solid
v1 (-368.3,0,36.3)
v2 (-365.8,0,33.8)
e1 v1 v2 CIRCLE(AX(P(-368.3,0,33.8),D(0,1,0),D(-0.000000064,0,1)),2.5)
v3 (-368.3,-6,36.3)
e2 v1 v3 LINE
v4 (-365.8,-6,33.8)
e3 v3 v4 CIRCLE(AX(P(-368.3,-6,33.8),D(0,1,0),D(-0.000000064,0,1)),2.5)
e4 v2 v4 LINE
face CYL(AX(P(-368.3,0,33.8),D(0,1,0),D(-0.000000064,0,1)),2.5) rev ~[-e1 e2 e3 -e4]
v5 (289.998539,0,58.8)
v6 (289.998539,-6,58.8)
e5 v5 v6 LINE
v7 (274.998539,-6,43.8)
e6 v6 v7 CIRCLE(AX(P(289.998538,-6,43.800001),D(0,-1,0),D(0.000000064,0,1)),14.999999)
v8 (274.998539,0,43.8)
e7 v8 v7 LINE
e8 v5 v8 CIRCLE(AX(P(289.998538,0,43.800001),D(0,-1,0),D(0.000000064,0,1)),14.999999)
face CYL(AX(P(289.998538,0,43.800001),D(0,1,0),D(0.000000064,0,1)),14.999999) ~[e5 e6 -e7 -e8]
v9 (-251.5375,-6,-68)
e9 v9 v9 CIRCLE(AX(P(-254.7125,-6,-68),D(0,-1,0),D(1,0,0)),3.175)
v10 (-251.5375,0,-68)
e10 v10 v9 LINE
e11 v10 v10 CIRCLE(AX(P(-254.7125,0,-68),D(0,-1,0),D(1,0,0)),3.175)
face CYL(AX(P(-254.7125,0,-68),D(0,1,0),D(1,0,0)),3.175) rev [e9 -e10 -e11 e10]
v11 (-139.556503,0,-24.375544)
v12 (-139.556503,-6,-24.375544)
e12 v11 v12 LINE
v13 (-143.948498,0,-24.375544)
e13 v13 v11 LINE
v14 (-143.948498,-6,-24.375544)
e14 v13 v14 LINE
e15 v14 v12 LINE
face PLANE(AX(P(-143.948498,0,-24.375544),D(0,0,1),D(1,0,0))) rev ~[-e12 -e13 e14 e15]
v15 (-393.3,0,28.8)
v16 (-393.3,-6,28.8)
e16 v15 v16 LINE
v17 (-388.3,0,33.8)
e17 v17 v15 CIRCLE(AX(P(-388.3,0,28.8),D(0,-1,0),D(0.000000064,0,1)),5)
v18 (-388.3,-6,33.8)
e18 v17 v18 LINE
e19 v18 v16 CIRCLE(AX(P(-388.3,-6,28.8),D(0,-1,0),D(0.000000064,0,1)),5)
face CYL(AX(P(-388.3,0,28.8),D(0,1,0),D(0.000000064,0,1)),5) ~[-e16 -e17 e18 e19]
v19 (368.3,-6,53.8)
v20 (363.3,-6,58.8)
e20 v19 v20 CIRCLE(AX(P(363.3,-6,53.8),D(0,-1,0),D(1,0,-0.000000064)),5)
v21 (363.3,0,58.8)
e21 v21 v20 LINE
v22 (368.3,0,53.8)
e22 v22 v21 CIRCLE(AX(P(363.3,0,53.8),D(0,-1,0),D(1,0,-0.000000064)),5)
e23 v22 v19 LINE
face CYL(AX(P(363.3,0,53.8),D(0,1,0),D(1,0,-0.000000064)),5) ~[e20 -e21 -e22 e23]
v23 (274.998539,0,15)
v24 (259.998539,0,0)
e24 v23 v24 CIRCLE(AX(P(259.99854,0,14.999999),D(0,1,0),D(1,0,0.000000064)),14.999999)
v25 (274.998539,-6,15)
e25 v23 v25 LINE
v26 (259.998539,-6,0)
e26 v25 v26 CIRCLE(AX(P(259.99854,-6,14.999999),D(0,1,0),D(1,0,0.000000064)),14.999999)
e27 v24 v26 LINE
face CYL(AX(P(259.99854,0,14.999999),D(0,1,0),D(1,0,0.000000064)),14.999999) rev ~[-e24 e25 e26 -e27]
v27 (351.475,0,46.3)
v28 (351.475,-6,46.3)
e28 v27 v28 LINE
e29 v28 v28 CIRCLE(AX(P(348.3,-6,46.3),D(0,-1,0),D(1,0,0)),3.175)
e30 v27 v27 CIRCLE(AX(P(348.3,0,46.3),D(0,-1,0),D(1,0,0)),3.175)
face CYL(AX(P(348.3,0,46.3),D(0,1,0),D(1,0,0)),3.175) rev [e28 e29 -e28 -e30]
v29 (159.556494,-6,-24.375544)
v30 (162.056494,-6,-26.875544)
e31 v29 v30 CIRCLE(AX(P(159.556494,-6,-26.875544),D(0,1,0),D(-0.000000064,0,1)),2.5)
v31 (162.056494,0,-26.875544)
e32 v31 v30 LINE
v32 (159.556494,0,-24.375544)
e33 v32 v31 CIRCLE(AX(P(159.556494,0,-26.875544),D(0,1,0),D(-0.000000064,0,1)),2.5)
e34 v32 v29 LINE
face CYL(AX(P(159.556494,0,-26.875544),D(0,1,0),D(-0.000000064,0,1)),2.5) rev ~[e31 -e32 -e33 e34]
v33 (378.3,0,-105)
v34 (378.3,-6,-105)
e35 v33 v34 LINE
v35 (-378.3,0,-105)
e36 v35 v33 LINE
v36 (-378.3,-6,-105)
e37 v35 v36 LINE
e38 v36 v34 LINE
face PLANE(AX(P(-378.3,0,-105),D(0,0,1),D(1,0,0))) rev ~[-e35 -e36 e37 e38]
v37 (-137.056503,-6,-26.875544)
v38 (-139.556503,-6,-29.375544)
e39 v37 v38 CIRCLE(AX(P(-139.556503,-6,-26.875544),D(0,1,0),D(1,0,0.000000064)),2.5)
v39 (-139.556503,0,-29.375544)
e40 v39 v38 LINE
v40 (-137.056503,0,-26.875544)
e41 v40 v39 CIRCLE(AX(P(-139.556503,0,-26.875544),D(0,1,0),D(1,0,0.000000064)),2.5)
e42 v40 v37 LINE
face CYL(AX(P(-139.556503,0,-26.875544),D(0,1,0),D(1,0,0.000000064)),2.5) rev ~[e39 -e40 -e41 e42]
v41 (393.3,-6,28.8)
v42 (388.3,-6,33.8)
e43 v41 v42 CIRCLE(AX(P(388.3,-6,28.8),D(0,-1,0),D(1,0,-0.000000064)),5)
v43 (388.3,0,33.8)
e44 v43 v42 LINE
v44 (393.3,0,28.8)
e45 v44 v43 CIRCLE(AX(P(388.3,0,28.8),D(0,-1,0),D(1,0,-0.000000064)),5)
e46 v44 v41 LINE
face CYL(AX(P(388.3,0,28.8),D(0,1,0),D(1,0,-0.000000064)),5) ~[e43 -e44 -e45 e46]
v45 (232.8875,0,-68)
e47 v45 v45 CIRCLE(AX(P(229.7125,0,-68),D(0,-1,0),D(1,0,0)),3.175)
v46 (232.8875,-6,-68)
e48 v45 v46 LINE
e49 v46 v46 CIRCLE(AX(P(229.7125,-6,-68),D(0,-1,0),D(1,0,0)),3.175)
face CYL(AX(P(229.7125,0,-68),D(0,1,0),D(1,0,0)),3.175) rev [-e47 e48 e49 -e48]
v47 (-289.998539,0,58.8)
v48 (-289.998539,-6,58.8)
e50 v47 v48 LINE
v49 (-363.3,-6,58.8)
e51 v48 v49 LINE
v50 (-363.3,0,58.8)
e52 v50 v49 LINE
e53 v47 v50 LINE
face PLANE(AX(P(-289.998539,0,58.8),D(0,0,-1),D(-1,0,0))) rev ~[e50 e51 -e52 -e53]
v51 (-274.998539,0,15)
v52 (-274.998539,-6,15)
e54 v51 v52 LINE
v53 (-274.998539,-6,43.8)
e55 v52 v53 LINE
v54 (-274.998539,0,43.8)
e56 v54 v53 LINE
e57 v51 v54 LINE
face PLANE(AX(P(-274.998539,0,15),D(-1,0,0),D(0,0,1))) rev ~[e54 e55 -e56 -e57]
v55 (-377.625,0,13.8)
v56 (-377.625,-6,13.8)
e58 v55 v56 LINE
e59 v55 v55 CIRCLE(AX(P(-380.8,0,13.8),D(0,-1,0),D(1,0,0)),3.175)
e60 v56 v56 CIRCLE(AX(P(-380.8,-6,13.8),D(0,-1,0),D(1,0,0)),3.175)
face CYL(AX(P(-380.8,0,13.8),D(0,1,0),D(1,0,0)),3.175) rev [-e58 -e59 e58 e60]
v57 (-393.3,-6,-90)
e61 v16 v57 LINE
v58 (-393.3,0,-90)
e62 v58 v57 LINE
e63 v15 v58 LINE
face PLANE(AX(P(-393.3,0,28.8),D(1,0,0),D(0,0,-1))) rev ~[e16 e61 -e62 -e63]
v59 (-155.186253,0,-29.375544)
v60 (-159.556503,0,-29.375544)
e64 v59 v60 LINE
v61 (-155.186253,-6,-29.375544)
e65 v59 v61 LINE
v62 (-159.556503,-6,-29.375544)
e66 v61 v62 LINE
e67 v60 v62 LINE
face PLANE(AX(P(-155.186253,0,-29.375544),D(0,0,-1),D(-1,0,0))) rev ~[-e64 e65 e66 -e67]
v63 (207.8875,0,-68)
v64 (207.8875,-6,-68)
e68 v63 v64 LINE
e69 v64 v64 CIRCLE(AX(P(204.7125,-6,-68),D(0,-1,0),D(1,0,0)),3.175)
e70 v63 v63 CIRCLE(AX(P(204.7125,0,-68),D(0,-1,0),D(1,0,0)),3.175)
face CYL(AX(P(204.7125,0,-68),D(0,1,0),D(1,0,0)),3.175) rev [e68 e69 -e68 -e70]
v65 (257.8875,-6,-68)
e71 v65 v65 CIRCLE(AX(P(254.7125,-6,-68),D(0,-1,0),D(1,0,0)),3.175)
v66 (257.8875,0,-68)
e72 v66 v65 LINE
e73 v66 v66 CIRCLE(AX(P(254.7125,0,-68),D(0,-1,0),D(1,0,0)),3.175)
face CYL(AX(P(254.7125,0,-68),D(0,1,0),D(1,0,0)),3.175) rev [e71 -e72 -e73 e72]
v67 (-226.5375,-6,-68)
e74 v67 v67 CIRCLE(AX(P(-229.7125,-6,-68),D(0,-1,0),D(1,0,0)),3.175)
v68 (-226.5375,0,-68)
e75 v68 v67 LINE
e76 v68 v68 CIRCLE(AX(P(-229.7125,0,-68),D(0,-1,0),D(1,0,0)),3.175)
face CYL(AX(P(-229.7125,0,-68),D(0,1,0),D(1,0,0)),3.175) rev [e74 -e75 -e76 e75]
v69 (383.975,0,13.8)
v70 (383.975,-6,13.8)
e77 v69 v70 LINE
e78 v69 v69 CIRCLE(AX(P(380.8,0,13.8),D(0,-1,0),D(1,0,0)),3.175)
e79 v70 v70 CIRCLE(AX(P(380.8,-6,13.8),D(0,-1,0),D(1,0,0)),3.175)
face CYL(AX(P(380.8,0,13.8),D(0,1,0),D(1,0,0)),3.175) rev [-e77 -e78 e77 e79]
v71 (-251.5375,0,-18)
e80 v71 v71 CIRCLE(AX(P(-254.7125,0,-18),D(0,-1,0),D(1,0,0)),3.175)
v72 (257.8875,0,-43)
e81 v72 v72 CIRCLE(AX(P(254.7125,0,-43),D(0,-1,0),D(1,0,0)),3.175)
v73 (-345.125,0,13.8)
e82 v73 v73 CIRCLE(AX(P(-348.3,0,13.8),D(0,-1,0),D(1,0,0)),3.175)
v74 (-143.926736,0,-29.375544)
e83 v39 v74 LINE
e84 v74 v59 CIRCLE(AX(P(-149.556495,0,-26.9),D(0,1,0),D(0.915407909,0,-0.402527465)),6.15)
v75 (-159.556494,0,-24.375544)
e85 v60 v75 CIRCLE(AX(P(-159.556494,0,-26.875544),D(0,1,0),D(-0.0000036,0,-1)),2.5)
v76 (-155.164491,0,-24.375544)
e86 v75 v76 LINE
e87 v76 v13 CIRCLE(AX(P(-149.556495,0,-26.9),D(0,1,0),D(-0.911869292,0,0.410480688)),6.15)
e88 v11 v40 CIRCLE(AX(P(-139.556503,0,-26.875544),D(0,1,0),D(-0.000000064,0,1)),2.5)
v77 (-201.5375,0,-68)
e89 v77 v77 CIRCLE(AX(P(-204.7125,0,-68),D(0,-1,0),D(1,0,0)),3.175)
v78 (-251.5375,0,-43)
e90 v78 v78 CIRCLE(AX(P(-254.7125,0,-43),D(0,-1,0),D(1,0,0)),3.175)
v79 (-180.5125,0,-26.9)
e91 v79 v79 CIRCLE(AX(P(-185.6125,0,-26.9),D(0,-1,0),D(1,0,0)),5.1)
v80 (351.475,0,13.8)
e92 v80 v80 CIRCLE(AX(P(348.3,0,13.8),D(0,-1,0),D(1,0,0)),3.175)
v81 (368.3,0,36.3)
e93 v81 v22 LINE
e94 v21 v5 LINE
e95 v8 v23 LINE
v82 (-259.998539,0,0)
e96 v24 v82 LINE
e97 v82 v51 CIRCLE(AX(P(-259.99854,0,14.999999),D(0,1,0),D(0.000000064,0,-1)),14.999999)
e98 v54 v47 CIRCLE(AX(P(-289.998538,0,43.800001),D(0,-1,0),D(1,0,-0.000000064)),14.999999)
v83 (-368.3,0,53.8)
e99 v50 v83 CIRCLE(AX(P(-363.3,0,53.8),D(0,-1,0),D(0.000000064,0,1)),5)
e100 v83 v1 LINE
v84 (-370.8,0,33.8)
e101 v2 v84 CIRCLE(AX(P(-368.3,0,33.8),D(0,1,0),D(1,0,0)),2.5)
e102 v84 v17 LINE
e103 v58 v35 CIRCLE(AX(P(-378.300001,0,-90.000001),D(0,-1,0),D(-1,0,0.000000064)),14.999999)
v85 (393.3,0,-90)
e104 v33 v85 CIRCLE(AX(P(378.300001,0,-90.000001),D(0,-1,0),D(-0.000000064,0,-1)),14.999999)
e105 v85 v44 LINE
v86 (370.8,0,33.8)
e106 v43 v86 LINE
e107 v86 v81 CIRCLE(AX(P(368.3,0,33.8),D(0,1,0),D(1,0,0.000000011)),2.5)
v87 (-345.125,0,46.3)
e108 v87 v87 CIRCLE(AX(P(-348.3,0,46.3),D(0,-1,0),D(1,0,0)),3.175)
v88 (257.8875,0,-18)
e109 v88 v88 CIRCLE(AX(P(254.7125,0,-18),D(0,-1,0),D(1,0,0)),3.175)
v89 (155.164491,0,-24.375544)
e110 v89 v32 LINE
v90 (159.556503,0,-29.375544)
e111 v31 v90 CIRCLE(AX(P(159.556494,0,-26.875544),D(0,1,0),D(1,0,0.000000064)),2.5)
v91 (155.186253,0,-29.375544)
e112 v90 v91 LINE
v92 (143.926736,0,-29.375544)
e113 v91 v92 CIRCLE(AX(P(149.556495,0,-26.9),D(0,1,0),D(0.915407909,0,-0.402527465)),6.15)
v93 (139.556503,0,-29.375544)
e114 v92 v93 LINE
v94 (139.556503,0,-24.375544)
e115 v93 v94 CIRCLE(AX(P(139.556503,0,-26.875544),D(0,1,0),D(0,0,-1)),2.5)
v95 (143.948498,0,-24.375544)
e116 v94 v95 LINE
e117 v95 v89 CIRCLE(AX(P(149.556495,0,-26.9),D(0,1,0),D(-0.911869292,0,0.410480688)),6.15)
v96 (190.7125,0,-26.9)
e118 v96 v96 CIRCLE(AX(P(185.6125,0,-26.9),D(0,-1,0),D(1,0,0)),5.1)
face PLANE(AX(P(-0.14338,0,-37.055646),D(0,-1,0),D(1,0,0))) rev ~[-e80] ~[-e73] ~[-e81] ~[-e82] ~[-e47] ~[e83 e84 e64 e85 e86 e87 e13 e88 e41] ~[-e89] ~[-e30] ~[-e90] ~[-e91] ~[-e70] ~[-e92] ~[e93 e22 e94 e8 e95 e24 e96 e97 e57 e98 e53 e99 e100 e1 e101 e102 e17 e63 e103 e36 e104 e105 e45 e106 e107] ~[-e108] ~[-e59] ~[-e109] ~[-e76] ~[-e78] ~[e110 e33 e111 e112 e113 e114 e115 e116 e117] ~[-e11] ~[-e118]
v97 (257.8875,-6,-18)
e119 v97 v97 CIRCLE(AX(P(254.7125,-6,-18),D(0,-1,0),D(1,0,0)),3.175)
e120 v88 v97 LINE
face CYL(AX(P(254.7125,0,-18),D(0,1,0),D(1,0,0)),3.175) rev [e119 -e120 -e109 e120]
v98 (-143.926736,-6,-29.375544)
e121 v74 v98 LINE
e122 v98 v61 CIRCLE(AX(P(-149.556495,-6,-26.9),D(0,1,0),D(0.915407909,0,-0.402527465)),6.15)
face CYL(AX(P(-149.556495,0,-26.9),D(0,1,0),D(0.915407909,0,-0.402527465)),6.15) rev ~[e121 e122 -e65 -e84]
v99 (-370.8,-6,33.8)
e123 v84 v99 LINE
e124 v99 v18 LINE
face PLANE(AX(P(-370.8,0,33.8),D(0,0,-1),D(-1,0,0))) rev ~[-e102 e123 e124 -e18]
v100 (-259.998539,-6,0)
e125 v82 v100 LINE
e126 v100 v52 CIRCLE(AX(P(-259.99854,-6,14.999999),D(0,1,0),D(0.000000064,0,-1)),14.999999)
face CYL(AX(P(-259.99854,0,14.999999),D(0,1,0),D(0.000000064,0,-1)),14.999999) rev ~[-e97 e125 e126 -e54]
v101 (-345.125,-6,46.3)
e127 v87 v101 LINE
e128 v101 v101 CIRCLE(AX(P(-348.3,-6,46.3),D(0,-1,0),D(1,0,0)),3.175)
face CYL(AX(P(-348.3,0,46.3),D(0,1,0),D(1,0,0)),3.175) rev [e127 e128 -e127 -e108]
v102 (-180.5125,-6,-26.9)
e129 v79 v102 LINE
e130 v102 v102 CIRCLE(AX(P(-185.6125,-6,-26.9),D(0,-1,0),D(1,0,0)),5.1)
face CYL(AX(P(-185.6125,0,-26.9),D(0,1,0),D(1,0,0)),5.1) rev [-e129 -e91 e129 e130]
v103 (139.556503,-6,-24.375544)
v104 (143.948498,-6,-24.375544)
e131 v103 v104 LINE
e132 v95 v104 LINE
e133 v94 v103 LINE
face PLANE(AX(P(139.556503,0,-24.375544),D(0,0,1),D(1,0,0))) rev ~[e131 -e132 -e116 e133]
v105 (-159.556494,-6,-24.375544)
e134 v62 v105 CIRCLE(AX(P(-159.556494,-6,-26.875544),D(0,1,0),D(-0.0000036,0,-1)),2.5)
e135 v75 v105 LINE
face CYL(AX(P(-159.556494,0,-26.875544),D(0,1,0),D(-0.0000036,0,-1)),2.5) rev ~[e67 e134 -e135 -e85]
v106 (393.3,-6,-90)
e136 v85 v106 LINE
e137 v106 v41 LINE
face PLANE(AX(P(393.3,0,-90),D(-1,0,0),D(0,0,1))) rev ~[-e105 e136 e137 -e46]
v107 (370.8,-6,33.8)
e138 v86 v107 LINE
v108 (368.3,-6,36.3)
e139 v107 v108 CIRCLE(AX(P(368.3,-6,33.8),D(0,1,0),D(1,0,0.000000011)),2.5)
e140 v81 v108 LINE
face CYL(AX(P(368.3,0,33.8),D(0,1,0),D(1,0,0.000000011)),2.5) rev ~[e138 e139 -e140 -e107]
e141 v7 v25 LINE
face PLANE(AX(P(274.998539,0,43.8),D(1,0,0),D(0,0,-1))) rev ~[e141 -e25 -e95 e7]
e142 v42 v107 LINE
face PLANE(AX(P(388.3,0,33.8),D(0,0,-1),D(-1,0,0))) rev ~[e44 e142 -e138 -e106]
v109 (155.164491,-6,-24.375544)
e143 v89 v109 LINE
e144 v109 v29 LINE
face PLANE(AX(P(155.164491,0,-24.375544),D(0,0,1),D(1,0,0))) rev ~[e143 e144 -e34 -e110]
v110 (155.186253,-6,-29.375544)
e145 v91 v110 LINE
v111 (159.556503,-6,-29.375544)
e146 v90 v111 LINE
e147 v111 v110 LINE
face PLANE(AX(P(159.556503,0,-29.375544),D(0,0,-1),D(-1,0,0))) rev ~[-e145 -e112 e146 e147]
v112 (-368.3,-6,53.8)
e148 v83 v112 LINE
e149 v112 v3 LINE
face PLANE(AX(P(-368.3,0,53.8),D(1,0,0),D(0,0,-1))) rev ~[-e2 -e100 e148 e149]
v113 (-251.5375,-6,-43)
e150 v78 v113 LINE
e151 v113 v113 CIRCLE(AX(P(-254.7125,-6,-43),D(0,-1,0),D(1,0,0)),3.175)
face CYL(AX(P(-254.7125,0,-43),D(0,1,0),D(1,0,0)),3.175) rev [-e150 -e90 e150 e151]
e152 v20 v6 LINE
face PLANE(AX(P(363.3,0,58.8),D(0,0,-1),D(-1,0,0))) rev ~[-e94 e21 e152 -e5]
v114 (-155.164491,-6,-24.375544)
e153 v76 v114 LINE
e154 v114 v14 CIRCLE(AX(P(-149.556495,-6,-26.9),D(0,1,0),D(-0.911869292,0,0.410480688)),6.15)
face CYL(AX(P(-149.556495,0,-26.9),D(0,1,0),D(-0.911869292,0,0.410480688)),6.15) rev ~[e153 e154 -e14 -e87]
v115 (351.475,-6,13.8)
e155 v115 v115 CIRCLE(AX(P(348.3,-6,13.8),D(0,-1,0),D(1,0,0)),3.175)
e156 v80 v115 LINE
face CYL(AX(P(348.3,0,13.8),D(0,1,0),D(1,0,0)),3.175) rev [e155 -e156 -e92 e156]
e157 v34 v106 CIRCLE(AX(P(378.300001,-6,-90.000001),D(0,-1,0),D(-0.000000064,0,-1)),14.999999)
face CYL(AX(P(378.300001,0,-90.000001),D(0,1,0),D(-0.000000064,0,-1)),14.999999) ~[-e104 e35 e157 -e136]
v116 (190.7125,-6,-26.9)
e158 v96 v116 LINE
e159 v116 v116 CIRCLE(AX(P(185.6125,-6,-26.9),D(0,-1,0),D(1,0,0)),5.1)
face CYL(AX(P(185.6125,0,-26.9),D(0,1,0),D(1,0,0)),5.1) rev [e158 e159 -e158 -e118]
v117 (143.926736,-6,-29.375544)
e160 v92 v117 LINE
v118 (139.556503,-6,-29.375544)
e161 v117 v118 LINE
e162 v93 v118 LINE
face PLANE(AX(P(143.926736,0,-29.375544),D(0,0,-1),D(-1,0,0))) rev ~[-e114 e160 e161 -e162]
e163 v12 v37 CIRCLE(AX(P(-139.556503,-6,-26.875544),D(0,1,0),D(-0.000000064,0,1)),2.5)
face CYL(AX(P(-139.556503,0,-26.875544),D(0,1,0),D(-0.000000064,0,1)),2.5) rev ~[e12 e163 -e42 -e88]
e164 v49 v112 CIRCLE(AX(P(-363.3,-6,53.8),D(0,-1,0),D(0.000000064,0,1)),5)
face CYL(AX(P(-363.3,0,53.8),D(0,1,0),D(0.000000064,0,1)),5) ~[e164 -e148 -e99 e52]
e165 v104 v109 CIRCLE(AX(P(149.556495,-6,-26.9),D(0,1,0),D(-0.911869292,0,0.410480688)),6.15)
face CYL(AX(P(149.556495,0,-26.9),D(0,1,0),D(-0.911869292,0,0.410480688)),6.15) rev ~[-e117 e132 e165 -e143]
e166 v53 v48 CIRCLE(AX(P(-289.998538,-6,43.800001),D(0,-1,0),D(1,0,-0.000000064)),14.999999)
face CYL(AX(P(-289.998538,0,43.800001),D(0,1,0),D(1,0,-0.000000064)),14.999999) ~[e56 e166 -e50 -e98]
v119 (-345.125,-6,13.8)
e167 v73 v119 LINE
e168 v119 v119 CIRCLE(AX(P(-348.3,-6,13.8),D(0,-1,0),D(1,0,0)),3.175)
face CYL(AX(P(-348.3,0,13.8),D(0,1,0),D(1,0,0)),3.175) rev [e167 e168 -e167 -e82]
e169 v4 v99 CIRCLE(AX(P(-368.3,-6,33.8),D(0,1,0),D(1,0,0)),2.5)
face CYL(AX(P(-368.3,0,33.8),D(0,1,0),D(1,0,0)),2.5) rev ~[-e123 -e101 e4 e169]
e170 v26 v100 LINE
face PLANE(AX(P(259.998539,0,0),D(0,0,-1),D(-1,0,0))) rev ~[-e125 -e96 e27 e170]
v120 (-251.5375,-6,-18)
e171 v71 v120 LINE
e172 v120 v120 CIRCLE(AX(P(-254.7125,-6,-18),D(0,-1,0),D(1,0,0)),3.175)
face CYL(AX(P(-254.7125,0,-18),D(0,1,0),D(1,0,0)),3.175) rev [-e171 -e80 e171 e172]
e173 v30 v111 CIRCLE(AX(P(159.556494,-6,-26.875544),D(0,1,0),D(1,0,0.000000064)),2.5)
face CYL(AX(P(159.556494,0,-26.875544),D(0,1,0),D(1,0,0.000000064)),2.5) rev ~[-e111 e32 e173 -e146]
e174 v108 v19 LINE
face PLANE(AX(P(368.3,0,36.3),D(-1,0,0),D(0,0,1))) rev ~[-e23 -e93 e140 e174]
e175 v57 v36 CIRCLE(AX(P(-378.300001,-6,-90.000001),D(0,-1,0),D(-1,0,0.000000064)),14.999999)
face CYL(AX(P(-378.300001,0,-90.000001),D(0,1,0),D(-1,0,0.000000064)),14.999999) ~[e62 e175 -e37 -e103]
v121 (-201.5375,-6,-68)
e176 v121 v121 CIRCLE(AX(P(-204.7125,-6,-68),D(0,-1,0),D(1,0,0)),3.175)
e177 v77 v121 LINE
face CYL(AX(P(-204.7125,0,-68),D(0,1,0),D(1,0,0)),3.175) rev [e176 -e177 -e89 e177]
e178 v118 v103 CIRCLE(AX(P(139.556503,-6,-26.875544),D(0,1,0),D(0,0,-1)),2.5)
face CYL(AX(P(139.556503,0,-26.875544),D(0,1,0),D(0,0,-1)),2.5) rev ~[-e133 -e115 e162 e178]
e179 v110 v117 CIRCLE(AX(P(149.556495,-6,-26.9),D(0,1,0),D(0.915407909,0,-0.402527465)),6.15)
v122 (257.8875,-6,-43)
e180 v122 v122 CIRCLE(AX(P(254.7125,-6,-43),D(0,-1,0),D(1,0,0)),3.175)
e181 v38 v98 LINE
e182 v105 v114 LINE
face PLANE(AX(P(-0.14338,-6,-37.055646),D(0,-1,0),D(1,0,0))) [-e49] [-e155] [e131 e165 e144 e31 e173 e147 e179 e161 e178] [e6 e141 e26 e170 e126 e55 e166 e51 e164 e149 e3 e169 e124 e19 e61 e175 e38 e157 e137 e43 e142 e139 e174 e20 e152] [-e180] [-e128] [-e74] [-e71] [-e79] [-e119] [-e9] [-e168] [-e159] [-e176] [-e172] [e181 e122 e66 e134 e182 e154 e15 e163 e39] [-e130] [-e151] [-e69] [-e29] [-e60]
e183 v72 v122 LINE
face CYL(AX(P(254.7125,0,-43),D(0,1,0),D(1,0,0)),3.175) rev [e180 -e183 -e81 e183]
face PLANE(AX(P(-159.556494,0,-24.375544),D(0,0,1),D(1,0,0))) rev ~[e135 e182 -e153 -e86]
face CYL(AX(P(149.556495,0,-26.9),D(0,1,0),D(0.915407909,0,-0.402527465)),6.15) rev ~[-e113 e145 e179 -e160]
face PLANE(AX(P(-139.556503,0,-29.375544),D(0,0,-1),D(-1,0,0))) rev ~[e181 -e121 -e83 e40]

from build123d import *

# Parameters (mm, degrees)
F0_R     = 3.175
F0_R_2   = 5.1
F1_DEPTH = 6


with BuildPart() as f1:
    # F0 (on Front) → F1 (new body)
    with BuildSketch(Plane.XZ):
        with BuildLine():
            Line((368.3, 36.3), (368.3, 53.8))
            ThreePointArc((368.3, 53.8), (366.835534, 57.335534), (363.3, 58.8))
            Line((363.3, 58.8), (289.998539, 58.8))
            ThreePointArc((289.998539, 58.8), (279.391937, 54.406602), (274.998539, 43.8))
            Line((274.998539, 43.8), (274.998539, 15))
            ThreePointArc((274.998539, 15), (270.605141, 4.393398), (259.998539, 0))
            Line((259.998539, 0), (0, 0))
            Line((0, 0), (-259.998539, 0))
            ThreePointArc((-259.998539, 0), (-270.605141, 4.393398), (-274.998539, 15))
            Line((-274.998539, 15), (-274.998539, 43.8))
            ThreePointArc((-274.998539, 43.8), (-279.391937, 54.406602), (-289.998539, 58.8))
            Line((-289.998539, 58.8), (-363.3, 58.8))
            ThreePointArc((-363.3, 58.8), (-366.835534, 57.335534), (-368.3, 53.8))
            Line((-368.3, 53.8), (-368.3, 36.3))
            ThreePointArc((-368.3, 36.3), (-366.532233, 35.567767), (-365.8, 33.8))
            ThreePointArc((-365.8, 33.8), (-368.3, 31.3), (-370.8, 33.8))
            Line((-370.8, 33.8), (-388.3, 33.8))
            ThreePointArc((-388.3, 33.8), (-391.835534, 32.335534), (-393.3, 28.8))
            Line((-393.3, 28.8), (-393.3, -90))
            ThreePointArc((-393.3, -90), (-388.906602, -100.606602), (-378.3, -105))
            Line((-378.3, -105), (0, -105))
            Line((0, -105), (378.3, -105))
            ThreePointArc((378.3, -105), (388.906602, -100.606602), (393.3, -90))
            Line((393.3, -90), (393.3, 28.8))
            ThreePointArc((393.3, 28.8), (391.835534, 32.335534), (388.3, 33.8))
            Line((388.3, 33.8), (370.8, 33.8))
            ThreePointArc((370.8, 33.8), (366.532233, 32.032233), (368.3, 36.3))
        make_face()
        with Locations((-254.7125, -68)):
            Circle(F0_R, mode=Mode.SUBTRACT)
        with Locations((-229.7125, -68)):
            Circle(F0_R, mode=Mode.SUBTRACT)
        with Locations((-204.7125, -68)):
            Circle(F0_R, mode=Mode.SUBTRACT)
        with Locations((-254.7125, -43)):
            Circle(F0_R, mode=Mode.SUBTRACT)
        with Locations((-185.6125, -26.9)):
            Circle(F0_R_2, mode=Mode.SUBTRACT)
        with BuildLine():
            ThreePointArc((-155.164491, -24.375544), (-149.556494, -20.75), (-143.948498, -24.375544))
            Line((-143.948498, -24.375544), (-139.556503, -24.375544))
            ThreePointArc((-139.556503, -24.375544), (-137.788736, -25.107777), (-137.056503, -26.875544))
            ThreePointArc((-137.056503, -26.875544), (-137.788736, -28.643311), (-139.556503, -29.375544))
            Line((-139.556503, -29.375544), (-143.926736, -29.375544))
            ThreePointArc((-143.926736, -29.375544), (-149.556494, -33.05), (-155.186253, -29.375544))
            Line((-155.186253, -29.375544), (-159.556503, -29.375544))
            ThreePointArc((-159.556503, -29.375544), (-162.056494, -26.87554), (-159.556494, -24.375544))
            Line((-159.556494, -24.375544), (-155.164491, -24.375544))
        make_face(mode=Mode.SUBTRACT)
        with Locations((204.7125, -68)):
            Circle(F0_R, mode=Mode.SUBTRACT)
        with Locations((229.7125, -68)):
            Circle(F0_R, mode=Mode.SUBTRACT)
        with Locations((254.7125, -68)):
            Circle(F0_R, mode=Mode.SUBTRACT)
        with BuildLine():
            ThreePointArc((143.948498, -24.375544), (149.556494, -20.75), (155.164491, -24.375544))
            Line((155.164491, -24.375544), (159.556494, -24.375544))
            ThreePointArc((159.556494, -24.375544), (161.324261, -25.107777), (162.056494, -26.875544))
            ThreePointArc((162.056494, -26.875544), (161.324264, -28.643308), (159.556503, -29.375544))
            Line((159.556503, -29.375544), (155.186253, -29.375544))
            ThreePointArc((155.186253, -29.375544), (149.556494, -33.05), (143.926736, -29.375544))
            Line((143.926736, -29.375544), (139.556503, -29.375544))
            ThreePointArc((139.556503, -29.375544), (137.056503, -26.875544), (139.556503, -24.375544))
            Line((139.556503, -24.375544), (143.948498, -24.375544))
        make_face(mode=Mode.SUBTRACT)
        with Locations((185.6125, -26.9)):
            Circle(F0_R_2, mode=Mode.SUBTRACT)
        with Locations((254.7125, -43)):
            Circle(F0_R, mode=Mode.SUBTRACT)
        with Locations((-254.7125, -18)):
            Circle(F0_R, mode=Mode.SUBTRACT)
        with Locations((-380.8, 13.8)):
            Circle(F0_R, mode=Mode.SUBTRACT)
        with Locations((-348.3, 13.8)):
            Circle(F0_R, mode=Mode.SUBTRACT)
        with Locations((-348.3, 46.3)):
            Circle(F0_R, mode=Mode.SUBTRACT)
        with Locations((254.7125, -18)):
            Circle(F0_R, mode=Mode.SUBTRACT)
        with Locations((348.3, 13.8)):
            Circle(F0_R, mode=Mode.SUBTRACT)
        with Locations((380.8, 13.8)):
            Circle(F0_R, mode=Mode.SUBTRACT)
        with Locations((348.3, 46.3)):
            Circle(F0_R, mode=Mode.SUBTRACT)
    extrude(amount=F1_DEPTH)


solid = f1.part
